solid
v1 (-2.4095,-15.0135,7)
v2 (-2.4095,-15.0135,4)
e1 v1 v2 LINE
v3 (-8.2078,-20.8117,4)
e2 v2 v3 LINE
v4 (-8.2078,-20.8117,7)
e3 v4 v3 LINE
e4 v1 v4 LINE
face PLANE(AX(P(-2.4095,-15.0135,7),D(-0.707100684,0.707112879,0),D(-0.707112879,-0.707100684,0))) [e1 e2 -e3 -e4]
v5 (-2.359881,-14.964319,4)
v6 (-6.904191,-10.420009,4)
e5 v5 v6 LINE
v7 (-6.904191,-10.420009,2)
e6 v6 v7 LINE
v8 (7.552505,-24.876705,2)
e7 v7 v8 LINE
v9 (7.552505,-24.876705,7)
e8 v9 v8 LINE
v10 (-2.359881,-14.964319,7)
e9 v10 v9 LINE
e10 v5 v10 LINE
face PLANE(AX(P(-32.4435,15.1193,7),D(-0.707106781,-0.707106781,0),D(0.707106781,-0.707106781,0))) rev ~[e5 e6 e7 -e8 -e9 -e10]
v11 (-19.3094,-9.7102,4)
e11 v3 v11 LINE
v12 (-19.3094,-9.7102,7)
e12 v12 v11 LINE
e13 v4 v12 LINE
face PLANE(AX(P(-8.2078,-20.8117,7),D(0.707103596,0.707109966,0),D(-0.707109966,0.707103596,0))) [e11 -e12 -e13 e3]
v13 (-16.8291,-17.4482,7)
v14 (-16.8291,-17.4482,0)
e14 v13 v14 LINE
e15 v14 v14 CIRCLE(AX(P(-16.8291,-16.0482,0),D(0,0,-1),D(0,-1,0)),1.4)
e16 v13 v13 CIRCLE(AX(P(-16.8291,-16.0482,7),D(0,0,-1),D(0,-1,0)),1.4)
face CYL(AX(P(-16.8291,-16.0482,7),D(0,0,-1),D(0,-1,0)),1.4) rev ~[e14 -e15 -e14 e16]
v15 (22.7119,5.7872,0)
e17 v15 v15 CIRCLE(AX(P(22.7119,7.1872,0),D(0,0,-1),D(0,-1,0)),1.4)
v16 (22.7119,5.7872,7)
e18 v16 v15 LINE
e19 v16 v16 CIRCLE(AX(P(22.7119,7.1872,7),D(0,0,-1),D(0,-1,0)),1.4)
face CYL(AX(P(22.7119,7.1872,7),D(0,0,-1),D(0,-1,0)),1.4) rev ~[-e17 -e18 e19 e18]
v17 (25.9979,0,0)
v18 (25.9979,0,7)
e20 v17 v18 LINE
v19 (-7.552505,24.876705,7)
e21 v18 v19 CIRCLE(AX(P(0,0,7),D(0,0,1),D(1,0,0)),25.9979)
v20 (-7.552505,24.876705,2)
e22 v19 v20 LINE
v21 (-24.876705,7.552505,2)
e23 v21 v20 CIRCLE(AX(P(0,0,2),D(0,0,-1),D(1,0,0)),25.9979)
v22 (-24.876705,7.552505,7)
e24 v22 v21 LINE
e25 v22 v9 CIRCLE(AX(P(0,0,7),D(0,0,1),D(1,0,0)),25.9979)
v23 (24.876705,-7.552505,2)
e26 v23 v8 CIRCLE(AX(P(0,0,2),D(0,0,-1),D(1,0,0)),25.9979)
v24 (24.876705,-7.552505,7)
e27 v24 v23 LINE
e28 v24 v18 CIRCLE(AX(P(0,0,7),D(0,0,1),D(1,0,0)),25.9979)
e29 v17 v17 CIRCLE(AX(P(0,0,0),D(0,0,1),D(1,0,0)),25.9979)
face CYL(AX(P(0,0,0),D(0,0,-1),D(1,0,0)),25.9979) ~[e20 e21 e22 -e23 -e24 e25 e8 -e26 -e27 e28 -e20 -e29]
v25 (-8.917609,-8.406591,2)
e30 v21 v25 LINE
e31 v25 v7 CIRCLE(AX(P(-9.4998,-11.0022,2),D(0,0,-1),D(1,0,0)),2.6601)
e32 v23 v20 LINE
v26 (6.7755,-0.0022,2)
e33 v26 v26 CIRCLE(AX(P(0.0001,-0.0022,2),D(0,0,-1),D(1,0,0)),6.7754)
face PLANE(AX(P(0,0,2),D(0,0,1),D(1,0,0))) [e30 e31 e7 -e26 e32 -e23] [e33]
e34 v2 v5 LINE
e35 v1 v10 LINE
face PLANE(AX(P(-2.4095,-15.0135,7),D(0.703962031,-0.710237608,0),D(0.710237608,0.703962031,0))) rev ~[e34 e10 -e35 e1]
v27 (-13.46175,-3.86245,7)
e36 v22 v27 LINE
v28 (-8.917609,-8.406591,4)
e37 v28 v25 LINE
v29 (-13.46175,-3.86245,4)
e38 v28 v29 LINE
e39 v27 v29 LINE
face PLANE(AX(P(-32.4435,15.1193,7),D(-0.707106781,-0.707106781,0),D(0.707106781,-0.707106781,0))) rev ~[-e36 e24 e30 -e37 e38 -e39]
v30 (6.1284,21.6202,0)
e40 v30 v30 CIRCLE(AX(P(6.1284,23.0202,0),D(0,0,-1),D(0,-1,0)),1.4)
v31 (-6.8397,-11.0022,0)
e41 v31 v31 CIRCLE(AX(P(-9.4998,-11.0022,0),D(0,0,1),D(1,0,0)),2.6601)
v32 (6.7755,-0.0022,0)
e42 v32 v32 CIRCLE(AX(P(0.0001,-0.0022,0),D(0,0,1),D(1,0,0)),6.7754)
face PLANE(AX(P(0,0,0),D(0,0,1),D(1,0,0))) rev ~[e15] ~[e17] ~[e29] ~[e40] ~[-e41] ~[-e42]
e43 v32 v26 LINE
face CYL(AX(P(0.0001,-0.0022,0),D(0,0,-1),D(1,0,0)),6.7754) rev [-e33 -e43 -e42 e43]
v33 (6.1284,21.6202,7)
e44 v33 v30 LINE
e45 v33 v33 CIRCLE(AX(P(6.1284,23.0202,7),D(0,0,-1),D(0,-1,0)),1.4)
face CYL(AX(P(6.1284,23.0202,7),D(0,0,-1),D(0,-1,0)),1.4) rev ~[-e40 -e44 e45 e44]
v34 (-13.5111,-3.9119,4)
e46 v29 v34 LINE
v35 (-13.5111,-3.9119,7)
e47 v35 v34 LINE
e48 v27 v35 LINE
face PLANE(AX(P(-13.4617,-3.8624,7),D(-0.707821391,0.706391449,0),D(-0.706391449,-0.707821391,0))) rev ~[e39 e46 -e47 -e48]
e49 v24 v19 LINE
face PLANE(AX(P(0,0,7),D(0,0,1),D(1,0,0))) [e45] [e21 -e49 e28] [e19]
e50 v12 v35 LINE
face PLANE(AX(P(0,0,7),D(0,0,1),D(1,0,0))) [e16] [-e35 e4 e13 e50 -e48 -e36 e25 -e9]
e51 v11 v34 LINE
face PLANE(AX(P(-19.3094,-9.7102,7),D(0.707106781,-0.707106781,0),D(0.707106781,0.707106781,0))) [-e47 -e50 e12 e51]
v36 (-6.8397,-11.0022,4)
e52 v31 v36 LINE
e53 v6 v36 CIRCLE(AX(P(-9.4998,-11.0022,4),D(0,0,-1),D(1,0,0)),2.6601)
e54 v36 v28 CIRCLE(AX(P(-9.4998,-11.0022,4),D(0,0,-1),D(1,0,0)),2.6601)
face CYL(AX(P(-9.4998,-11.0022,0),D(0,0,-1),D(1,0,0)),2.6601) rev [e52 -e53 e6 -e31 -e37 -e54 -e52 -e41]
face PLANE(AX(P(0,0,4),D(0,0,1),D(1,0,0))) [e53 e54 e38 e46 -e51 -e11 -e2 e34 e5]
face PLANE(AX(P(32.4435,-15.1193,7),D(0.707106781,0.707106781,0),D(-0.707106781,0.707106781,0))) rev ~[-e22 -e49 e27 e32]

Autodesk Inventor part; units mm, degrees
ref_plane "YZ Plane" through (0, 0, 0) normal (1, 0, 0) x (0, 1, 0)
ref_plane "XZ Plane" through (0, 0, 0) normal (0, 1, 0) x (-1, 0, 0)
ref_plane "XY Plane" through (0, 0, 0) normal (0, 0, 1) x (1, 0, 0)
ref_plane "Work Plane1" through (0, 0, 0) normal (0, 0, 1) x (1, 0, 0)
sketch "Sketch1" plane through (0, 0, 0) normal (0, 0, 1) x (1, 0, 0)
  circle A0 centre (0, 0) radius 25.9979 projected
  circle A1 centre (-9.4998, -11.0022) radius 2.6601 projected
  circle A2 centre (0.0001, -0.0022) radius 3.8801 projected
  circle A3 centre (0.0001, -0.0022) radius 6.7754 projected
  point P0 (0, 0)
extrude "Extrusion1" add sketch "Sketch1" along normal blind 7 contours A0
sketch "Sketch2" plane through (0, 0, 7) normal (0, 0, 1) x (1, 0, 0)
  line L0 (32.4435, -15.1193) -> (-15.1193, 32.4435)
  line L1 (-15.1193, 32.4435) -> (-32.4435, 15.1193)
  line L2 (-32.4435, 15.1193) -> (15.1193, -32.4435)
  line L3 (15.1193, -32.4435) -> (32.4435, -15.1193)
  line L4 (32.4435, -15.1193) -> (-32.4435, 15.1193) construction
  line L5 (-15.1193, 32.4435) -> (15.1193, -32.4435) construction
  line L6 (32.4435, -15.1193) -> (99.7074, -15.1193) construction
  point P0 (0, 0)
  dimension "d2" = 135
  dimension "d3" = 24.5
extrude "Extrusion2" cut sketch "Sketch2" against normal blind 5
sketch "Sketch3" plane through (0, 0, 7) normal (0, 0, 1) x (1, 0, 0)
  line L0 (-7.7936, -20.2561) -> (-2.9652, -15.4277) projected
  line L1 (-18.7537, -9.2959) -> (-13.9253, -4.4675) projected
  line L2 (-13.5111, -3.9119) -> (-2.4095, -15.0135)
  line L3 (-2.4095, -15.0135) -> (-8.2078, -20.8117)
  line L4 (-8.2078, -20.8117) -> (-19.3094, -9.7102)
  line L5 (-19.3094, -9.7102) -> (-13.5111, -3.9119)
  line L6 (-8.9176, -8.4066) -> (-24.8767, 7.5526) projected
  line L7 (-13.4617, -3.8624) -> (-2.4095, -15.0135)
  line L8 (-2.4095, -15.0135) -> (-0.3384, -12.9607)
  line L9 (-0.3384, -12.9607) -> (-11.3905, -1.8096)
  line L10 (-11.3905, -1.8096) -> (-13.4617, -3.8624)
  line L11 (-13.4617, -3.8624) -> (-13.5111, -3.9119)
  line L12 (-8.9176, -8.4066) -> (-24.8767, 7.5526) projected
  line L13 (-13.9253, -4.4675) -> (-2.9652, -15.4277) projected
  line L14 (-7.7936, -20.2561) -> (-18.7537, -9.2959) projected
  point P0 (0, 0)
  dimension "d6" = 0.1
extrude "Extrusion3" cut sketch "Sketch3" against normal blind 3 contours L14 L1 L13 L0 | L11 L7 L2 | L2 L3 L4 L5 | L7 L10 L9 L8
sketch "Skizze4" plane through (0, 0, 7) normal (0, 0, 1) x (1, 0, 0)
  spline S0 degree 2 poles (24.1427, 2.2394) (24.731, 1.8489) (25.3785, 0.5587) (25.3785, -0.3311) knots 0 0 0 1 2 2 2 construction
  spline S1 degree 2 poles (25.3785, -0.3311) (25.3785, -1.1665) (24.7013, -2.5111) (24.1328, -2.8867) knots 0 0 0 1 2 2 2 construction
  spline S2 degree 2 poles (24.1328, -2.8867) (23.6682, -3.1784) (22.7141, -3.3761) (21.9726, -3.3761) knots 0 0 0 1 2 2 2 construction
  line L0 (21.9726, -3.3761) -> (20.5687, -3.3761) construction
  line L1 (20.5687, -3.3761) -> (20.5687, 2.7239) construction
  line L2 (20.5687, 2.7239) -> (21.9578, 2.7239) construction
  spline S3 degree 2 poles (21.9578, 2.7239) (22.8179, 2.7239) (23.7967, 2.4668) (24.1427, 2.2394) knots 0 0 0 1 2 2 2 construction
  spline S4 degree 2 poles (19.1896, -2.9312) (18.8979, -3.1982) (18.1564, -3.4849) (17.5978, -3.4849) knots 0 0 0 1 2 2 2 construction
  spline S5 degree 2 poles (17.5978, -3.4849) (16.9354, -3.4849) (16.0061, -3.2081) (15.5958, -3.0103) knots 0 0 0 1 2 2 2 construction
  line L3 (15.5958, -3.0103) -> (15.5958, -1.992) construction
  line L4 (15.5958, -1.992) -> (15.6551, -1.992) construction
  spline S6 degree 2 poles (15.6551, -1.992) (16.0555, -2.3677) (17.0689, -2.7829) (17.5385, -2.7829) knots 0 0 0 1 2 2 2 construction
  spline S7 degree 2 poles (17.5385, -2.7829) (18.2108, -2.7829) (18.8979, -2.2243) (18.8979, -1.7646) knots 0 0 0 1 2 2 2 construction
  spline S8 degree 2 poles (18.8979, -1.7646) (18.8979, -1.3988) (18.5371, -0.944) (18.1465, -0.8303) knots 0 0 0 1 2 2 2 construction
  spline S9 degree 2 poles (18.1465, -0.8303) (17.8648, -0.7513) (17.3952, -0.6425) (17.0442, -0.5535) knots 0 0 0 1 2 2 2 construction
  spline S10 degree 2 poles (17.0442, -0.5535) (16.7278, -0.4695) (16.2285, -0.2174) (16.0358, -0.0147) knots 0 0 0 1 2 2 2 construction
  spline S11 degree 2 poles (16.0358, -0.0147) (15.8479, 0.188) (15.6403, 0.7317) (15.6403, 1.0876) knots 0 0 0 1 2 2 2 construction
  spline S12 degree 2 poles (15.6403, 1.0876) (15.6403, 1.8291) (16.797, 2.8326) (17.6918, 2.8326) knots 0 0 0 1 2 2 2 construction
  spline S13 degree 2 poles (17.6918, 2.8326) (18.2059, 2.8326) (19.1154, 2.6299) (19.5059, 2.4372) knots 0 0 0 1 2 2 2 construction
  line L5 (19.5059, 2.4372) -> (19.5059, 1.4683) construction
  line L6 (19.5059, 1.4683) -> (19.4466, 1.4683) construction
  spline S14 degree 2 poles (19.4466, 1.4683) (19.155, 1.7352) (18.2454, 2.1307) (17.7461, 2.1307) knots 0 0 0 1 2 2 2 construction
  spline S15 degree 2 poles (17.7461, 2.1307) (17.1826, 2.1307) (16.4856, 1.6017) (16.4856, 1.1717) knots 0 0 0 1 2 2 2 construction
  spline S16 degree 2 poles (16.4856, 1.1717) (16.4856, 0.7861) (16.8959, 0.3264) (17.2815, 0.2226) knots 0 0 0 1 2 2 2 construction
  spline S17 degree 2 poles (17.2815, 0.2226) (17.5385, 0.1534) (18.285, -0.0246) (18.5321, -0.0987) knots 0 0 0 1 2 2 2 construction
  spline S18 degree 2 poles (18.5321, -0.0987) (19.1599, -0.2915) (19.7432, -1.0676) (19.7432, -1.6361) knots 0 0 0 1 2 2 2 construction
  spline S19 degree 2 poles (19.7432, -1.6361) (19.7432, -1.997) (19.4516, -2.689) (19.1896, -2.9312) knots 0 0 0 1 2 2 2 construction
  circle A0 centre (-9.9998, 17.4978) radius 1.3999 construction
  circle A1 centre (10.0001, 17.4979) radius 1.4 construction
  circle A2 centre (10.0001, -17.5021) radius 1.4 construction
  circle A3 centre (-9.9998, -17.5021) radius 1.4001 construction
  arc A4 (-25.1198, 6.6998) -> (-24.1417, 5.4917) centre (-24.1417, 6.4917) ccw construction
  line L7 (-24.1417, 5.4917) -> (-17.7002, 5.4917) construction
  arc A5 (-15.7002, 3.4917) -> (-17.7002, 5.4917) centre (-17.7002, 3.4917) ccw construction
  line L8 (-15.7002, 3.4917) -> (-15.7002, -4.496) construction
  arc A6 (-17.7002, -6.496) -> (-15.7002, -4.496) centre (-17.7002, -4.496) ccw construction
  line L9 (-17.7002, -6.496) -> (-23.8502, -6.496) construction
  arc A7 (-23.8502, -6.496) -> (-24.8235, -7.7254) centre (-23.8502, -7.496) ccw construction
  arc A8 (-24.8235, -7.7254) -> (-25.1198, 6.6998) centre (0, 0) ccw construction
  circle A9 centre (-9.4998, -11.0022) radius 2.6601 construction
  circle A10 centre (-16.8291, -16.0482) radius 1.4 construction
  circle A11 centre (6.1284, 23.0202) radius 1.4 construction
  circle A12 centre (22.7119, 7.1872) radius 1.4 construction
  circle A13 centre (0.0001, -0.0022) radius 6.5 construction
  point P0 (0, 0)
hole "Bohrung1" at (6.1284, 23.0202, 7) at (22.7119, 7.1872, 7) at (-16.8291, -16.0482, 7) direction (0, 0, -1) diameter 2.8 end through all
properties part number "Matchboxscope_sample_v1"
